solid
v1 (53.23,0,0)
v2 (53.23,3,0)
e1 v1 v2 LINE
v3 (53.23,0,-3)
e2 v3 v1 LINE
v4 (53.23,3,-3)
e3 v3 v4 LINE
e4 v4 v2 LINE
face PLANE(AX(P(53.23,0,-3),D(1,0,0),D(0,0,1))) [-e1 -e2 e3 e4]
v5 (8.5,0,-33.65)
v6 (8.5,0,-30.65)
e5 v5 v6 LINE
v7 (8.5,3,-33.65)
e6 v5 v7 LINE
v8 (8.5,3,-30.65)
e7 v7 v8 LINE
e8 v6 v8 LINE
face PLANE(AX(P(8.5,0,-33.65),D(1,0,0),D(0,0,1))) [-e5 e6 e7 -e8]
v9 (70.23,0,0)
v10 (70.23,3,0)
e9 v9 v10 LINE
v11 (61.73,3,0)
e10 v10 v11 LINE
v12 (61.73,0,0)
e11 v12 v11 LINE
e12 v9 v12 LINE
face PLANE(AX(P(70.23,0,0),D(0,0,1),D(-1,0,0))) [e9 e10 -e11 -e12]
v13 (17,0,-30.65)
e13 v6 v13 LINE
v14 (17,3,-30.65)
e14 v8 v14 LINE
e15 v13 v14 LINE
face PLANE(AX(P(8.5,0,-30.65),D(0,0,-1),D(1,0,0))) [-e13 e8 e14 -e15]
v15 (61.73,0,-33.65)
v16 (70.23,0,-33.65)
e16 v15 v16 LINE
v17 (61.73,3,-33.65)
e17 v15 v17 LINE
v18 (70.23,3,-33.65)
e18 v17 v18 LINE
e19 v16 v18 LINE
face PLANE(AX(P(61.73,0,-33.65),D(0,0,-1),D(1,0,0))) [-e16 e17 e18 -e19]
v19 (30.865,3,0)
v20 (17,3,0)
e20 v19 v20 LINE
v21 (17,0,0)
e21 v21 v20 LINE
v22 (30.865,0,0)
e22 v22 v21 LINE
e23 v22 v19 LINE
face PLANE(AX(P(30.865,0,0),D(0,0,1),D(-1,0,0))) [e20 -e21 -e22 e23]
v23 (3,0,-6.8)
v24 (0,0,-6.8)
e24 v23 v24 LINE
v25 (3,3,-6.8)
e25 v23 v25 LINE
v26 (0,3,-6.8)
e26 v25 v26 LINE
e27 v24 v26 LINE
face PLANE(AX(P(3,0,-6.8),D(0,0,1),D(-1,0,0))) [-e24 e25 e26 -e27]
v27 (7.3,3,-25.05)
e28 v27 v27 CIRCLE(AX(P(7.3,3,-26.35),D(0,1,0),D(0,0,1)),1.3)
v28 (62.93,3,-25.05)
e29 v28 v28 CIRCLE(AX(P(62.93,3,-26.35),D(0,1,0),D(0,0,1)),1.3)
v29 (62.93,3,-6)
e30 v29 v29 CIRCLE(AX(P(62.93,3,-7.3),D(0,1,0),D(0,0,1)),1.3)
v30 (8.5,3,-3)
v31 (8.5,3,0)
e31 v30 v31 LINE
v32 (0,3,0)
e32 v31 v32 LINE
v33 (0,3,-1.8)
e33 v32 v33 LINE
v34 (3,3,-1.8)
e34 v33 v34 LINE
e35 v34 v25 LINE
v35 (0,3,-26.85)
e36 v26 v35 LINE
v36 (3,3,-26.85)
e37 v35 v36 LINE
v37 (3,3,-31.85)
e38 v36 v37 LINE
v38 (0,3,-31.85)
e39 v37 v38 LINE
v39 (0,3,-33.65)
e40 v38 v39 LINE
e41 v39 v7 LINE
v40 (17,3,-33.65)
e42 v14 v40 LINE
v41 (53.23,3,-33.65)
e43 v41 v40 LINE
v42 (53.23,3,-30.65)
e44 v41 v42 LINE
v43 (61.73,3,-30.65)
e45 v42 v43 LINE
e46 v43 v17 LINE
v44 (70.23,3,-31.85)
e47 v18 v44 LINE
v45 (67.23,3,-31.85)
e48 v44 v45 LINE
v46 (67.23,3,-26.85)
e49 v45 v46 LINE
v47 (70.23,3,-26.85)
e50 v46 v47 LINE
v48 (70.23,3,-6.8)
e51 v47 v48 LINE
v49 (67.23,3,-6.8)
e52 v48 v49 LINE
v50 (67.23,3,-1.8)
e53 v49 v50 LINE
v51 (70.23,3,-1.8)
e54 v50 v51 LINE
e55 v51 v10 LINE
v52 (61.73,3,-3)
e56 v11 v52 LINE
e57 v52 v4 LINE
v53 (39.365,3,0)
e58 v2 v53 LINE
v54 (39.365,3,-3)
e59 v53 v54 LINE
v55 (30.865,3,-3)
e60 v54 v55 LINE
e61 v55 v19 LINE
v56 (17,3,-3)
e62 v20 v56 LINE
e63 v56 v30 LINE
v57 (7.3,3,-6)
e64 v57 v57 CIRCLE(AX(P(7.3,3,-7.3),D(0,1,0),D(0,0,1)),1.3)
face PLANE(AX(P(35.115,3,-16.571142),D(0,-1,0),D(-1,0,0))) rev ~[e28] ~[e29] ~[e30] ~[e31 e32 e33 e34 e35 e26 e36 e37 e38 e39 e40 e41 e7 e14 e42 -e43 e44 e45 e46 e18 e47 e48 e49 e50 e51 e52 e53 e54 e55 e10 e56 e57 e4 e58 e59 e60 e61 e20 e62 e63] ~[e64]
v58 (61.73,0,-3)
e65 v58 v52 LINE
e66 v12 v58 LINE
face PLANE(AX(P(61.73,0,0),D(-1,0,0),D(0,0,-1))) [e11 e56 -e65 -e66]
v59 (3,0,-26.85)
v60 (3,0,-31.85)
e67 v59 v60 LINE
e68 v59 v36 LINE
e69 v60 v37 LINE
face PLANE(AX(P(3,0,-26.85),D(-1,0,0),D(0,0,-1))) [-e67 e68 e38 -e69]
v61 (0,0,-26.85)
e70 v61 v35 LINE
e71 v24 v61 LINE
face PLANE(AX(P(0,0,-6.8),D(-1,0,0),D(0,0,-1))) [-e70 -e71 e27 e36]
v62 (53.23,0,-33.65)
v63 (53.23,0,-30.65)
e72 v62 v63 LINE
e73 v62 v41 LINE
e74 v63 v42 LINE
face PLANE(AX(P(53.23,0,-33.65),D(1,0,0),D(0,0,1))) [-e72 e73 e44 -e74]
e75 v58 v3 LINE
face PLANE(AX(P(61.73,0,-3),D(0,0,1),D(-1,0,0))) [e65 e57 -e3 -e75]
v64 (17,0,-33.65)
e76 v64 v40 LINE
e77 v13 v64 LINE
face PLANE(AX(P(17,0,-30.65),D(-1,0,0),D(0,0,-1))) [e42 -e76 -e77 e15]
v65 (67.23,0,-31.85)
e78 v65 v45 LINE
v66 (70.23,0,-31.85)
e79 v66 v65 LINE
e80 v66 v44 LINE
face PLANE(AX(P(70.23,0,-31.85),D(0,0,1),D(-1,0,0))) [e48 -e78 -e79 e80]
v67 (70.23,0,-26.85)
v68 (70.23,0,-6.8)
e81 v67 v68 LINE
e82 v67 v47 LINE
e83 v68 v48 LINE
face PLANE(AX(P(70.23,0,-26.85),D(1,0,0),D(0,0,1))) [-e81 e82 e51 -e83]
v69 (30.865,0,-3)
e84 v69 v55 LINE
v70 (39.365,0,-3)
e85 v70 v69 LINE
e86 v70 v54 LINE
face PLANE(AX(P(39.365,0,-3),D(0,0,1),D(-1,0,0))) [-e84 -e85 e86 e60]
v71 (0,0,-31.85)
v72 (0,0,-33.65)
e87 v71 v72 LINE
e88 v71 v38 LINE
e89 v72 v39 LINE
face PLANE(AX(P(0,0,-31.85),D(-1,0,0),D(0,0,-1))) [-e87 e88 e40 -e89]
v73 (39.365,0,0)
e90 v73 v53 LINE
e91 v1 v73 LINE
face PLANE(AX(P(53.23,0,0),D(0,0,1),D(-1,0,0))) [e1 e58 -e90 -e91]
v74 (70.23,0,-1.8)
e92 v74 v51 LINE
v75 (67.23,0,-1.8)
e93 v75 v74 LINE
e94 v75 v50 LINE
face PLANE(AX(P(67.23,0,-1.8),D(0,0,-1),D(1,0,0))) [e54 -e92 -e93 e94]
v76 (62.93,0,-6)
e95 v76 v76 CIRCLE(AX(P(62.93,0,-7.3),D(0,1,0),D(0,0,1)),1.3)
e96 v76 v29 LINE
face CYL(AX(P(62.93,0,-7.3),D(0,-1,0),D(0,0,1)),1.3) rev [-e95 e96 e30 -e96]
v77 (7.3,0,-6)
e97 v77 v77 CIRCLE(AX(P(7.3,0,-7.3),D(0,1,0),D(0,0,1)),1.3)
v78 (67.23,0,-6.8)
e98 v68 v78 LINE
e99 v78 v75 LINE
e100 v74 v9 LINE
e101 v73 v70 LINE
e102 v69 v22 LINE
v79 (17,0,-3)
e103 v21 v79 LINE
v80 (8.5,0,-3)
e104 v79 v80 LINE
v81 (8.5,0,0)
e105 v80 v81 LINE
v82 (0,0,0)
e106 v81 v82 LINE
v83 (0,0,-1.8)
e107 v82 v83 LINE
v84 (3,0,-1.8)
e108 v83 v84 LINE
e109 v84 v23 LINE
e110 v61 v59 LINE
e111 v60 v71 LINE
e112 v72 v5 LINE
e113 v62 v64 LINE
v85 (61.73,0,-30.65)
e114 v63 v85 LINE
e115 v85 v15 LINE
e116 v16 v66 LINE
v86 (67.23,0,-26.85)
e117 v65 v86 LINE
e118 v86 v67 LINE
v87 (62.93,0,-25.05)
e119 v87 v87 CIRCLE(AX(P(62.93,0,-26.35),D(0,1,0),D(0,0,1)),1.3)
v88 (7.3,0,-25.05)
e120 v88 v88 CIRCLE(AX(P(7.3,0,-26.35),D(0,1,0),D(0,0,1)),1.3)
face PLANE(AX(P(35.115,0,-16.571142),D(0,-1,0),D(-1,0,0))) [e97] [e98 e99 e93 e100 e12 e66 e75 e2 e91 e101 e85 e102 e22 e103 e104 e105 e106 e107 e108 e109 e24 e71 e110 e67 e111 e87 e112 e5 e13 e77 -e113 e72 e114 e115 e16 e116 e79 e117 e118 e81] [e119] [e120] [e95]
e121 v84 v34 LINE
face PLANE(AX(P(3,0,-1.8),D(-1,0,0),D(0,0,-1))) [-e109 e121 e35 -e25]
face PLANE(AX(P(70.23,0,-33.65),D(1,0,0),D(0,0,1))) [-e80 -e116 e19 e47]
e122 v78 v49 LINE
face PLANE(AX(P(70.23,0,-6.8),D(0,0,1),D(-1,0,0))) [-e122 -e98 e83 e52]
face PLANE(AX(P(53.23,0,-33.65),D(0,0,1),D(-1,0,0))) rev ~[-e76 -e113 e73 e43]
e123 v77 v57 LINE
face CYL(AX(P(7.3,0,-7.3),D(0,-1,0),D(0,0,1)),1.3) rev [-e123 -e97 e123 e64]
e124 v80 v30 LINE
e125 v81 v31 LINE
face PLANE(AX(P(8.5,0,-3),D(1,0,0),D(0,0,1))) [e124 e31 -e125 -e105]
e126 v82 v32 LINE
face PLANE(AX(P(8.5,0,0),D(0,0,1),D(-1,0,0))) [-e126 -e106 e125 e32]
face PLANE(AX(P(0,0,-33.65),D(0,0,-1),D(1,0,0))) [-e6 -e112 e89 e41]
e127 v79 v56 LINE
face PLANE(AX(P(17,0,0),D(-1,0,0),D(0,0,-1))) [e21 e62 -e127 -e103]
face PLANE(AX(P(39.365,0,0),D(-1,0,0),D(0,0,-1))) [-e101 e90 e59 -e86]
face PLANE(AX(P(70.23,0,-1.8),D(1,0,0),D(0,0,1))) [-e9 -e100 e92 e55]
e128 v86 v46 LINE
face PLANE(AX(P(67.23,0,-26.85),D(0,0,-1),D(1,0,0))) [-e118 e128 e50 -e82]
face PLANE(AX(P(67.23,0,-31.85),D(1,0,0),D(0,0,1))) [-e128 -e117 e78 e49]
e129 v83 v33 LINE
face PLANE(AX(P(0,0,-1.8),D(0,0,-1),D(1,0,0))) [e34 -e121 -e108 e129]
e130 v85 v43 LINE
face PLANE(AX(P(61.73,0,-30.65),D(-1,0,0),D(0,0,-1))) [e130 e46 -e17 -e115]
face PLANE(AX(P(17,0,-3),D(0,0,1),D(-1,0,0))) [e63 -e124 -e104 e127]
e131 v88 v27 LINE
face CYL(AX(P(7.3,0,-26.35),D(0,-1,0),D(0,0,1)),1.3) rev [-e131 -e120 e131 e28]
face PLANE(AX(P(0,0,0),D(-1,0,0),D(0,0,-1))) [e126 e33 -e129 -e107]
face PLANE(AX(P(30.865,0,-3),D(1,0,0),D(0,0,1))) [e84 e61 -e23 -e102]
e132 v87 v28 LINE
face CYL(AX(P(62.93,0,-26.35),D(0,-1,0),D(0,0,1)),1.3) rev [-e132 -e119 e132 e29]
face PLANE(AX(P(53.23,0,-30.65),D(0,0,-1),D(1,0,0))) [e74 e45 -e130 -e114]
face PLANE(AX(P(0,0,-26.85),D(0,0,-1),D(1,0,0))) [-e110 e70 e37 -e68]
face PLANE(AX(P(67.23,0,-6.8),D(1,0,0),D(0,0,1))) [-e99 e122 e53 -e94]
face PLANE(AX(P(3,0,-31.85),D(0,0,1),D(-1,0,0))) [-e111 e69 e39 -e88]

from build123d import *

# Parameters (mm, degrees)
CROQUIS1_R              = 1.3
SALIENTE_EXTRUIR1_DEPTH = 3


with BuildPart() as part:
    # Croquis1 → Saliente-Extruir1 (new body)
    with BuildSketch(Plane(origin=(0, 0, 0), x_dir=(1, 0, 0), z_dir=(0, 1, 0))):
        Polygon((17, 33.65), (30.865, 33.65), (39.365, 33.65), (53.23, 33.65), (53.23, 30.65), (61.73, 30.65), (61.73, 33.65), (70.23, 33.65), (70.23, 31.85), (67.23, 31.85), (67.23, 26.85), (70.23, 26.85), (70.23, 6.8), (67.23, 6.8), (67.23, 1.8), (70.23, 1.8), (70.23, 0), (61.73, 0), (61.73, 3), (53.23, 3), (53.23, 0), (39.365, 0), (39.365, 3), (30.865, 3), (30.865, 0), (17, 0), (17, 3), (8.5, 3), (8.5, 0), (0, 0), (0, 1.8), (3, 1.8), (3, 6.8), (0, 6.8), (0, 26.85), (3, 26.85), (3, 31.85), (0, 31.85), (0, 33.65), (8.5, 33.65), (8.5, 30.65), (17, 30.65), align=None)
        with Locations(Location((7.3, 26.35, 0), (0, 0, 270))):
            Circle(CROQUIS1_R, mode=Mode.SUBTRACT)
        with Locations(Location((7.3, 7.3, 0), (0, 0, 270))):
            Circle(CROQUIS1_R, mode=Mode.SUBTRACT)
        with Locations(Location((62.93, 26.35, 0), (0, 0, 270))):
            Circle(CROQUIS1_R, mode=Mode.SUBTRACT)
        with Locations(Location((62.93, 7.3, 0), (0, 0, 270))):
            Circle(CROQUIS1_R, mode=Mode.SUBTRACT)
    extrude(amount=SALIENTE_EXTRUIR1_DEPTH)


solid = part.part
